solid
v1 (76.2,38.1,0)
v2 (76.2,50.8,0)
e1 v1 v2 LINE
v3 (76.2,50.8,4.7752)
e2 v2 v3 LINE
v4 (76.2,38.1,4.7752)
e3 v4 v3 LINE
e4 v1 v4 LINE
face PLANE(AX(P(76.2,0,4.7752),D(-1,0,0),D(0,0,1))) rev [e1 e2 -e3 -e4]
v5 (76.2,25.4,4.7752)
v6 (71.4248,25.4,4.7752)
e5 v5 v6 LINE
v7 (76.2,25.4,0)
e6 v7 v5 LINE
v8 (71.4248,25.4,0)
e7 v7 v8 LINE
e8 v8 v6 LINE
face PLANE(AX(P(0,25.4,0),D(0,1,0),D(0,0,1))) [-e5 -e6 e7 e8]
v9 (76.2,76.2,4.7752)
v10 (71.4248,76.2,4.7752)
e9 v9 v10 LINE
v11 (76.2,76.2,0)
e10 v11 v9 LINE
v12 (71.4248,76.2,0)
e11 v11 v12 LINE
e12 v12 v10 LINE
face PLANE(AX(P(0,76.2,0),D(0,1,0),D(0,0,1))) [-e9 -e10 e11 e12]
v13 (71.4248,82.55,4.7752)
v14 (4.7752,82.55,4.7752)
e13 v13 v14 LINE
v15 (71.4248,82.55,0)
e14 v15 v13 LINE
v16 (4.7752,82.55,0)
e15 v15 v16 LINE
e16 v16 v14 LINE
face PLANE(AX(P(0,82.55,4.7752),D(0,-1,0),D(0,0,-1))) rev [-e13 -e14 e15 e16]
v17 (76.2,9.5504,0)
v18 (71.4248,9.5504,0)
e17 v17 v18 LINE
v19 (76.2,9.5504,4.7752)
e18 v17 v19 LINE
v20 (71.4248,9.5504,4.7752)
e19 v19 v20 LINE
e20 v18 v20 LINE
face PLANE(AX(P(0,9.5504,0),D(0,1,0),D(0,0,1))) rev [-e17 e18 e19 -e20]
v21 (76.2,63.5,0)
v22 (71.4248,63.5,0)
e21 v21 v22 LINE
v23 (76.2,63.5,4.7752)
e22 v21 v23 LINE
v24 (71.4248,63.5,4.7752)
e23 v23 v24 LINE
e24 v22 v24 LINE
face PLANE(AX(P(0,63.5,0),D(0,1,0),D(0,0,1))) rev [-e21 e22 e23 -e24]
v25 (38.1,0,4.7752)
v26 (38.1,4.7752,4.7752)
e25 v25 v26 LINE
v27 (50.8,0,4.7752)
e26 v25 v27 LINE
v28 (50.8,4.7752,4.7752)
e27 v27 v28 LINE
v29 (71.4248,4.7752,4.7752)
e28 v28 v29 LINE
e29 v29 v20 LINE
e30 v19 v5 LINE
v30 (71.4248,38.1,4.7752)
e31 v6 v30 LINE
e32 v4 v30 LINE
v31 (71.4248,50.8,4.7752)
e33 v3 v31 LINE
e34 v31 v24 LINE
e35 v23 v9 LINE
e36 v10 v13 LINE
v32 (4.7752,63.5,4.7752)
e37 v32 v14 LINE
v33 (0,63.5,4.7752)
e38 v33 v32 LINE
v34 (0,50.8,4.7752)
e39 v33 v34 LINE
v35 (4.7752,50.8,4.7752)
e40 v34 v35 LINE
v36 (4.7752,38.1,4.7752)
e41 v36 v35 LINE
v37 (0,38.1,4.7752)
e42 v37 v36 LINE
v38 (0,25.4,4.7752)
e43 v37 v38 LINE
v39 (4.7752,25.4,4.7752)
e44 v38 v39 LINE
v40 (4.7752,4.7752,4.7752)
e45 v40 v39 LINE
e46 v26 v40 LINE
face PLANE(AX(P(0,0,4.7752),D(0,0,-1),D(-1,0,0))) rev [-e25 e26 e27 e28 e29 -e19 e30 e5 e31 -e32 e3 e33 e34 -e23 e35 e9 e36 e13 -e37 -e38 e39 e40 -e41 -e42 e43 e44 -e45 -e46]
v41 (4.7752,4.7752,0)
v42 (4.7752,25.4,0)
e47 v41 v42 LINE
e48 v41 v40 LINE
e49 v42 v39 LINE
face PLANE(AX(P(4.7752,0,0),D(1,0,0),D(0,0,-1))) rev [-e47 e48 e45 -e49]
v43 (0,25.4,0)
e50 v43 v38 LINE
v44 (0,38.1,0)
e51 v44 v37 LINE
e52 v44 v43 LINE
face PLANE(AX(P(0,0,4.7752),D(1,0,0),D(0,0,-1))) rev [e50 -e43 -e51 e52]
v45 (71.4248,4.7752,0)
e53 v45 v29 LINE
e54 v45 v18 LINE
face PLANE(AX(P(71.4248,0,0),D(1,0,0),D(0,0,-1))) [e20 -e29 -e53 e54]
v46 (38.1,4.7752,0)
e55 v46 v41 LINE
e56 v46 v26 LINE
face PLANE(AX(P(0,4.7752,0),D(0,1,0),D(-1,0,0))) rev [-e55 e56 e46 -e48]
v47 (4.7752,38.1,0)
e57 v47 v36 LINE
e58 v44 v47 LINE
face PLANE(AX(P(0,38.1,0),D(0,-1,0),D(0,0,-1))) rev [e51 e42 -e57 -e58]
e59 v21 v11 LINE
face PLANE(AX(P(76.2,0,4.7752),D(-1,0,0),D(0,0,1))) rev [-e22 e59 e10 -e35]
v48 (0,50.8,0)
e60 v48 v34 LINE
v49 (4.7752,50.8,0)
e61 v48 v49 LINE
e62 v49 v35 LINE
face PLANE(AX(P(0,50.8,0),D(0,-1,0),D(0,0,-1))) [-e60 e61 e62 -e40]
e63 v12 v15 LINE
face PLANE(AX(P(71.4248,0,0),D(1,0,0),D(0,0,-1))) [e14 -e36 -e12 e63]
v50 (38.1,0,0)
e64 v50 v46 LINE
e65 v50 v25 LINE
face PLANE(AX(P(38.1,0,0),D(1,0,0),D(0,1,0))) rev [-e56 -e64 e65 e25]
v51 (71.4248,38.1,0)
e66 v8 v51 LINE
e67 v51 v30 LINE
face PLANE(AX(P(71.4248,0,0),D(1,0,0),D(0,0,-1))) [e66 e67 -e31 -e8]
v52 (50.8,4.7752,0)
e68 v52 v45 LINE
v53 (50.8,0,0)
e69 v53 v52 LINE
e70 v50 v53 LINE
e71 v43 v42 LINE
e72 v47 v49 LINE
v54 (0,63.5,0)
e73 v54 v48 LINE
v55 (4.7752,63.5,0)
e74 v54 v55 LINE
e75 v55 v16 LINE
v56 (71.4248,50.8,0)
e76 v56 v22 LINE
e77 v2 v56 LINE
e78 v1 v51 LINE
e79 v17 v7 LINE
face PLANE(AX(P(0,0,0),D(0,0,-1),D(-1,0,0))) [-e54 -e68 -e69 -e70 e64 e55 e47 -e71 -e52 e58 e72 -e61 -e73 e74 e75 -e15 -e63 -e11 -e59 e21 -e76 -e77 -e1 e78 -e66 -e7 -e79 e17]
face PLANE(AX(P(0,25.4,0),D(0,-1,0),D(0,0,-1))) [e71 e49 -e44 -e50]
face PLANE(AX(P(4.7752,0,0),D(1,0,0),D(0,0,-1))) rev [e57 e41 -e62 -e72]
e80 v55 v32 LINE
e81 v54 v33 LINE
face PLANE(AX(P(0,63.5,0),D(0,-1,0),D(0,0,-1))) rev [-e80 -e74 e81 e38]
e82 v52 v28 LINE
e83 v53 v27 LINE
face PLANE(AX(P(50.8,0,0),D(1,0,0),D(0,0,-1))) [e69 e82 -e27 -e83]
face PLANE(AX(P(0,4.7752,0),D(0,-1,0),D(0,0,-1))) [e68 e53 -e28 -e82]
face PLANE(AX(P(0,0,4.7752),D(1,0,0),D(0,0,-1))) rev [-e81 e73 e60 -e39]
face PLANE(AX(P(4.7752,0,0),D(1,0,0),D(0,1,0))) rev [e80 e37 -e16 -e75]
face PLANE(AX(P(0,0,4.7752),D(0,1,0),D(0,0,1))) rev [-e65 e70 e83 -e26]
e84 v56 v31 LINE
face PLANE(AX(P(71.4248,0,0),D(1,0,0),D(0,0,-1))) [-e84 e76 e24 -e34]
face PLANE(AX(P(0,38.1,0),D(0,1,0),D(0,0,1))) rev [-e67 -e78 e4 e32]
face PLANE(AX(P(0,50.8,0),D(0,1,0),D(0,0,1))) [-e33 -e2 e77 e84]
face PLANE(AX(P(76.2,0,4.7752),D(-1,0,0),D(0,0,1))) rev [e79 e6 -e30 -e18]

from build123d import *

# Parameters (mm, degrees)
SKETCH2_W           = 76.2
SKETCH2_H           = 82.55
BOSS_EXTRUDE1_DEPTH = 4.7752
SKETCH3_W           = 38.1
SKETCH3_H           = 4.7752
SKETCH3_W_2         = 25.4
CUT_EXTRUDE1_DEPTH  = 4.7752
SKETCH4_W           = 4.7752
SKETCH4_H           = 19.05
SKETCH4_H_2         = 12.7
SKETCH4_H_3         = 20.6248
CUT_EXTRUDE2_DEPTH  = 4.7752
SKETCH5_W           = 4.7752
SKETCH5_H           = 4.7752
SKETCH5_H_2         = 12.7
SKETCH5_H_3         = 6.35
CUT_EXTRUDE3_DEPTH  = 4.7752


with BuildPart() as part:
    # Sketch2 → Boss-Extrude1 (new body)
    with BuildSketch(Plane.XY):
        with Locations((38.1, 41.275)):
            Rectangle(SKETCH2_W, SKETCH2_H)
    extrude(amount=BOSS_EXTRUDE1_DEPTH)

    # Sketch3 → Cut-Extrude1 (cut)
    with BuildSketch(Plane.XY.offset(4.7752)):
        with Locations((19.05, 2.3876)):
            Rectangle(SKETCH3_W, SKETCH3_H)
        with Locations((63.5, 2.3876)):
            Rectangle(SKETCH3_W_2, SKETCH3_H)
    extrude(amount=-CUT_EXTRUDE1_DEPTH, mode=Mode.SUBTRACT)

    # Sketch4 → Cut-Extrude2 (cut)
    with BuildSketch(Plane.XY.offset(4.7752)):
        with Locations((2.3876, 73.025)):
            Rectangle(SKETCH4_W, SKETCH4_H)
        with Locations((2.3876, 44.45)):
            Rectangle(SKETCH4_W, SKETCH4_H_2)
        with Locations((2.3876, 15.0876)):
            Rectangle(SKETCH4_W, SKETCH4_H_3)
    extrude(amount=-CUT_EXTRUDE2_DEPTH, mode=Mode.SUBTRACT)

    # Sketch5 → Cut-Extrude3 (cut)
    with BuildSketch(Plane.XY.offset(4.7752)):
        with Locations((73.8124, 7.1628)):
            Rectangle(SKETCH5_W, SKETCH5_H)
        with Locations((73.8124, 31.75)):
            Rectangle(SKETCH5_W, SKETCH5_H_2)
        with Locations((73.8124, 57.15)):
            Rectangle(SKETCH5_W, SKETCH5_H_2)
        with Locations((73.8124, 79.375)):
            Rectangle(SKETCH5_W, SKETCH5_H_3)
    extrude(amount=-CUT_EXTRUDE3_DEPTH, mode=Mode.SUBTRACT)


solid = part.part
